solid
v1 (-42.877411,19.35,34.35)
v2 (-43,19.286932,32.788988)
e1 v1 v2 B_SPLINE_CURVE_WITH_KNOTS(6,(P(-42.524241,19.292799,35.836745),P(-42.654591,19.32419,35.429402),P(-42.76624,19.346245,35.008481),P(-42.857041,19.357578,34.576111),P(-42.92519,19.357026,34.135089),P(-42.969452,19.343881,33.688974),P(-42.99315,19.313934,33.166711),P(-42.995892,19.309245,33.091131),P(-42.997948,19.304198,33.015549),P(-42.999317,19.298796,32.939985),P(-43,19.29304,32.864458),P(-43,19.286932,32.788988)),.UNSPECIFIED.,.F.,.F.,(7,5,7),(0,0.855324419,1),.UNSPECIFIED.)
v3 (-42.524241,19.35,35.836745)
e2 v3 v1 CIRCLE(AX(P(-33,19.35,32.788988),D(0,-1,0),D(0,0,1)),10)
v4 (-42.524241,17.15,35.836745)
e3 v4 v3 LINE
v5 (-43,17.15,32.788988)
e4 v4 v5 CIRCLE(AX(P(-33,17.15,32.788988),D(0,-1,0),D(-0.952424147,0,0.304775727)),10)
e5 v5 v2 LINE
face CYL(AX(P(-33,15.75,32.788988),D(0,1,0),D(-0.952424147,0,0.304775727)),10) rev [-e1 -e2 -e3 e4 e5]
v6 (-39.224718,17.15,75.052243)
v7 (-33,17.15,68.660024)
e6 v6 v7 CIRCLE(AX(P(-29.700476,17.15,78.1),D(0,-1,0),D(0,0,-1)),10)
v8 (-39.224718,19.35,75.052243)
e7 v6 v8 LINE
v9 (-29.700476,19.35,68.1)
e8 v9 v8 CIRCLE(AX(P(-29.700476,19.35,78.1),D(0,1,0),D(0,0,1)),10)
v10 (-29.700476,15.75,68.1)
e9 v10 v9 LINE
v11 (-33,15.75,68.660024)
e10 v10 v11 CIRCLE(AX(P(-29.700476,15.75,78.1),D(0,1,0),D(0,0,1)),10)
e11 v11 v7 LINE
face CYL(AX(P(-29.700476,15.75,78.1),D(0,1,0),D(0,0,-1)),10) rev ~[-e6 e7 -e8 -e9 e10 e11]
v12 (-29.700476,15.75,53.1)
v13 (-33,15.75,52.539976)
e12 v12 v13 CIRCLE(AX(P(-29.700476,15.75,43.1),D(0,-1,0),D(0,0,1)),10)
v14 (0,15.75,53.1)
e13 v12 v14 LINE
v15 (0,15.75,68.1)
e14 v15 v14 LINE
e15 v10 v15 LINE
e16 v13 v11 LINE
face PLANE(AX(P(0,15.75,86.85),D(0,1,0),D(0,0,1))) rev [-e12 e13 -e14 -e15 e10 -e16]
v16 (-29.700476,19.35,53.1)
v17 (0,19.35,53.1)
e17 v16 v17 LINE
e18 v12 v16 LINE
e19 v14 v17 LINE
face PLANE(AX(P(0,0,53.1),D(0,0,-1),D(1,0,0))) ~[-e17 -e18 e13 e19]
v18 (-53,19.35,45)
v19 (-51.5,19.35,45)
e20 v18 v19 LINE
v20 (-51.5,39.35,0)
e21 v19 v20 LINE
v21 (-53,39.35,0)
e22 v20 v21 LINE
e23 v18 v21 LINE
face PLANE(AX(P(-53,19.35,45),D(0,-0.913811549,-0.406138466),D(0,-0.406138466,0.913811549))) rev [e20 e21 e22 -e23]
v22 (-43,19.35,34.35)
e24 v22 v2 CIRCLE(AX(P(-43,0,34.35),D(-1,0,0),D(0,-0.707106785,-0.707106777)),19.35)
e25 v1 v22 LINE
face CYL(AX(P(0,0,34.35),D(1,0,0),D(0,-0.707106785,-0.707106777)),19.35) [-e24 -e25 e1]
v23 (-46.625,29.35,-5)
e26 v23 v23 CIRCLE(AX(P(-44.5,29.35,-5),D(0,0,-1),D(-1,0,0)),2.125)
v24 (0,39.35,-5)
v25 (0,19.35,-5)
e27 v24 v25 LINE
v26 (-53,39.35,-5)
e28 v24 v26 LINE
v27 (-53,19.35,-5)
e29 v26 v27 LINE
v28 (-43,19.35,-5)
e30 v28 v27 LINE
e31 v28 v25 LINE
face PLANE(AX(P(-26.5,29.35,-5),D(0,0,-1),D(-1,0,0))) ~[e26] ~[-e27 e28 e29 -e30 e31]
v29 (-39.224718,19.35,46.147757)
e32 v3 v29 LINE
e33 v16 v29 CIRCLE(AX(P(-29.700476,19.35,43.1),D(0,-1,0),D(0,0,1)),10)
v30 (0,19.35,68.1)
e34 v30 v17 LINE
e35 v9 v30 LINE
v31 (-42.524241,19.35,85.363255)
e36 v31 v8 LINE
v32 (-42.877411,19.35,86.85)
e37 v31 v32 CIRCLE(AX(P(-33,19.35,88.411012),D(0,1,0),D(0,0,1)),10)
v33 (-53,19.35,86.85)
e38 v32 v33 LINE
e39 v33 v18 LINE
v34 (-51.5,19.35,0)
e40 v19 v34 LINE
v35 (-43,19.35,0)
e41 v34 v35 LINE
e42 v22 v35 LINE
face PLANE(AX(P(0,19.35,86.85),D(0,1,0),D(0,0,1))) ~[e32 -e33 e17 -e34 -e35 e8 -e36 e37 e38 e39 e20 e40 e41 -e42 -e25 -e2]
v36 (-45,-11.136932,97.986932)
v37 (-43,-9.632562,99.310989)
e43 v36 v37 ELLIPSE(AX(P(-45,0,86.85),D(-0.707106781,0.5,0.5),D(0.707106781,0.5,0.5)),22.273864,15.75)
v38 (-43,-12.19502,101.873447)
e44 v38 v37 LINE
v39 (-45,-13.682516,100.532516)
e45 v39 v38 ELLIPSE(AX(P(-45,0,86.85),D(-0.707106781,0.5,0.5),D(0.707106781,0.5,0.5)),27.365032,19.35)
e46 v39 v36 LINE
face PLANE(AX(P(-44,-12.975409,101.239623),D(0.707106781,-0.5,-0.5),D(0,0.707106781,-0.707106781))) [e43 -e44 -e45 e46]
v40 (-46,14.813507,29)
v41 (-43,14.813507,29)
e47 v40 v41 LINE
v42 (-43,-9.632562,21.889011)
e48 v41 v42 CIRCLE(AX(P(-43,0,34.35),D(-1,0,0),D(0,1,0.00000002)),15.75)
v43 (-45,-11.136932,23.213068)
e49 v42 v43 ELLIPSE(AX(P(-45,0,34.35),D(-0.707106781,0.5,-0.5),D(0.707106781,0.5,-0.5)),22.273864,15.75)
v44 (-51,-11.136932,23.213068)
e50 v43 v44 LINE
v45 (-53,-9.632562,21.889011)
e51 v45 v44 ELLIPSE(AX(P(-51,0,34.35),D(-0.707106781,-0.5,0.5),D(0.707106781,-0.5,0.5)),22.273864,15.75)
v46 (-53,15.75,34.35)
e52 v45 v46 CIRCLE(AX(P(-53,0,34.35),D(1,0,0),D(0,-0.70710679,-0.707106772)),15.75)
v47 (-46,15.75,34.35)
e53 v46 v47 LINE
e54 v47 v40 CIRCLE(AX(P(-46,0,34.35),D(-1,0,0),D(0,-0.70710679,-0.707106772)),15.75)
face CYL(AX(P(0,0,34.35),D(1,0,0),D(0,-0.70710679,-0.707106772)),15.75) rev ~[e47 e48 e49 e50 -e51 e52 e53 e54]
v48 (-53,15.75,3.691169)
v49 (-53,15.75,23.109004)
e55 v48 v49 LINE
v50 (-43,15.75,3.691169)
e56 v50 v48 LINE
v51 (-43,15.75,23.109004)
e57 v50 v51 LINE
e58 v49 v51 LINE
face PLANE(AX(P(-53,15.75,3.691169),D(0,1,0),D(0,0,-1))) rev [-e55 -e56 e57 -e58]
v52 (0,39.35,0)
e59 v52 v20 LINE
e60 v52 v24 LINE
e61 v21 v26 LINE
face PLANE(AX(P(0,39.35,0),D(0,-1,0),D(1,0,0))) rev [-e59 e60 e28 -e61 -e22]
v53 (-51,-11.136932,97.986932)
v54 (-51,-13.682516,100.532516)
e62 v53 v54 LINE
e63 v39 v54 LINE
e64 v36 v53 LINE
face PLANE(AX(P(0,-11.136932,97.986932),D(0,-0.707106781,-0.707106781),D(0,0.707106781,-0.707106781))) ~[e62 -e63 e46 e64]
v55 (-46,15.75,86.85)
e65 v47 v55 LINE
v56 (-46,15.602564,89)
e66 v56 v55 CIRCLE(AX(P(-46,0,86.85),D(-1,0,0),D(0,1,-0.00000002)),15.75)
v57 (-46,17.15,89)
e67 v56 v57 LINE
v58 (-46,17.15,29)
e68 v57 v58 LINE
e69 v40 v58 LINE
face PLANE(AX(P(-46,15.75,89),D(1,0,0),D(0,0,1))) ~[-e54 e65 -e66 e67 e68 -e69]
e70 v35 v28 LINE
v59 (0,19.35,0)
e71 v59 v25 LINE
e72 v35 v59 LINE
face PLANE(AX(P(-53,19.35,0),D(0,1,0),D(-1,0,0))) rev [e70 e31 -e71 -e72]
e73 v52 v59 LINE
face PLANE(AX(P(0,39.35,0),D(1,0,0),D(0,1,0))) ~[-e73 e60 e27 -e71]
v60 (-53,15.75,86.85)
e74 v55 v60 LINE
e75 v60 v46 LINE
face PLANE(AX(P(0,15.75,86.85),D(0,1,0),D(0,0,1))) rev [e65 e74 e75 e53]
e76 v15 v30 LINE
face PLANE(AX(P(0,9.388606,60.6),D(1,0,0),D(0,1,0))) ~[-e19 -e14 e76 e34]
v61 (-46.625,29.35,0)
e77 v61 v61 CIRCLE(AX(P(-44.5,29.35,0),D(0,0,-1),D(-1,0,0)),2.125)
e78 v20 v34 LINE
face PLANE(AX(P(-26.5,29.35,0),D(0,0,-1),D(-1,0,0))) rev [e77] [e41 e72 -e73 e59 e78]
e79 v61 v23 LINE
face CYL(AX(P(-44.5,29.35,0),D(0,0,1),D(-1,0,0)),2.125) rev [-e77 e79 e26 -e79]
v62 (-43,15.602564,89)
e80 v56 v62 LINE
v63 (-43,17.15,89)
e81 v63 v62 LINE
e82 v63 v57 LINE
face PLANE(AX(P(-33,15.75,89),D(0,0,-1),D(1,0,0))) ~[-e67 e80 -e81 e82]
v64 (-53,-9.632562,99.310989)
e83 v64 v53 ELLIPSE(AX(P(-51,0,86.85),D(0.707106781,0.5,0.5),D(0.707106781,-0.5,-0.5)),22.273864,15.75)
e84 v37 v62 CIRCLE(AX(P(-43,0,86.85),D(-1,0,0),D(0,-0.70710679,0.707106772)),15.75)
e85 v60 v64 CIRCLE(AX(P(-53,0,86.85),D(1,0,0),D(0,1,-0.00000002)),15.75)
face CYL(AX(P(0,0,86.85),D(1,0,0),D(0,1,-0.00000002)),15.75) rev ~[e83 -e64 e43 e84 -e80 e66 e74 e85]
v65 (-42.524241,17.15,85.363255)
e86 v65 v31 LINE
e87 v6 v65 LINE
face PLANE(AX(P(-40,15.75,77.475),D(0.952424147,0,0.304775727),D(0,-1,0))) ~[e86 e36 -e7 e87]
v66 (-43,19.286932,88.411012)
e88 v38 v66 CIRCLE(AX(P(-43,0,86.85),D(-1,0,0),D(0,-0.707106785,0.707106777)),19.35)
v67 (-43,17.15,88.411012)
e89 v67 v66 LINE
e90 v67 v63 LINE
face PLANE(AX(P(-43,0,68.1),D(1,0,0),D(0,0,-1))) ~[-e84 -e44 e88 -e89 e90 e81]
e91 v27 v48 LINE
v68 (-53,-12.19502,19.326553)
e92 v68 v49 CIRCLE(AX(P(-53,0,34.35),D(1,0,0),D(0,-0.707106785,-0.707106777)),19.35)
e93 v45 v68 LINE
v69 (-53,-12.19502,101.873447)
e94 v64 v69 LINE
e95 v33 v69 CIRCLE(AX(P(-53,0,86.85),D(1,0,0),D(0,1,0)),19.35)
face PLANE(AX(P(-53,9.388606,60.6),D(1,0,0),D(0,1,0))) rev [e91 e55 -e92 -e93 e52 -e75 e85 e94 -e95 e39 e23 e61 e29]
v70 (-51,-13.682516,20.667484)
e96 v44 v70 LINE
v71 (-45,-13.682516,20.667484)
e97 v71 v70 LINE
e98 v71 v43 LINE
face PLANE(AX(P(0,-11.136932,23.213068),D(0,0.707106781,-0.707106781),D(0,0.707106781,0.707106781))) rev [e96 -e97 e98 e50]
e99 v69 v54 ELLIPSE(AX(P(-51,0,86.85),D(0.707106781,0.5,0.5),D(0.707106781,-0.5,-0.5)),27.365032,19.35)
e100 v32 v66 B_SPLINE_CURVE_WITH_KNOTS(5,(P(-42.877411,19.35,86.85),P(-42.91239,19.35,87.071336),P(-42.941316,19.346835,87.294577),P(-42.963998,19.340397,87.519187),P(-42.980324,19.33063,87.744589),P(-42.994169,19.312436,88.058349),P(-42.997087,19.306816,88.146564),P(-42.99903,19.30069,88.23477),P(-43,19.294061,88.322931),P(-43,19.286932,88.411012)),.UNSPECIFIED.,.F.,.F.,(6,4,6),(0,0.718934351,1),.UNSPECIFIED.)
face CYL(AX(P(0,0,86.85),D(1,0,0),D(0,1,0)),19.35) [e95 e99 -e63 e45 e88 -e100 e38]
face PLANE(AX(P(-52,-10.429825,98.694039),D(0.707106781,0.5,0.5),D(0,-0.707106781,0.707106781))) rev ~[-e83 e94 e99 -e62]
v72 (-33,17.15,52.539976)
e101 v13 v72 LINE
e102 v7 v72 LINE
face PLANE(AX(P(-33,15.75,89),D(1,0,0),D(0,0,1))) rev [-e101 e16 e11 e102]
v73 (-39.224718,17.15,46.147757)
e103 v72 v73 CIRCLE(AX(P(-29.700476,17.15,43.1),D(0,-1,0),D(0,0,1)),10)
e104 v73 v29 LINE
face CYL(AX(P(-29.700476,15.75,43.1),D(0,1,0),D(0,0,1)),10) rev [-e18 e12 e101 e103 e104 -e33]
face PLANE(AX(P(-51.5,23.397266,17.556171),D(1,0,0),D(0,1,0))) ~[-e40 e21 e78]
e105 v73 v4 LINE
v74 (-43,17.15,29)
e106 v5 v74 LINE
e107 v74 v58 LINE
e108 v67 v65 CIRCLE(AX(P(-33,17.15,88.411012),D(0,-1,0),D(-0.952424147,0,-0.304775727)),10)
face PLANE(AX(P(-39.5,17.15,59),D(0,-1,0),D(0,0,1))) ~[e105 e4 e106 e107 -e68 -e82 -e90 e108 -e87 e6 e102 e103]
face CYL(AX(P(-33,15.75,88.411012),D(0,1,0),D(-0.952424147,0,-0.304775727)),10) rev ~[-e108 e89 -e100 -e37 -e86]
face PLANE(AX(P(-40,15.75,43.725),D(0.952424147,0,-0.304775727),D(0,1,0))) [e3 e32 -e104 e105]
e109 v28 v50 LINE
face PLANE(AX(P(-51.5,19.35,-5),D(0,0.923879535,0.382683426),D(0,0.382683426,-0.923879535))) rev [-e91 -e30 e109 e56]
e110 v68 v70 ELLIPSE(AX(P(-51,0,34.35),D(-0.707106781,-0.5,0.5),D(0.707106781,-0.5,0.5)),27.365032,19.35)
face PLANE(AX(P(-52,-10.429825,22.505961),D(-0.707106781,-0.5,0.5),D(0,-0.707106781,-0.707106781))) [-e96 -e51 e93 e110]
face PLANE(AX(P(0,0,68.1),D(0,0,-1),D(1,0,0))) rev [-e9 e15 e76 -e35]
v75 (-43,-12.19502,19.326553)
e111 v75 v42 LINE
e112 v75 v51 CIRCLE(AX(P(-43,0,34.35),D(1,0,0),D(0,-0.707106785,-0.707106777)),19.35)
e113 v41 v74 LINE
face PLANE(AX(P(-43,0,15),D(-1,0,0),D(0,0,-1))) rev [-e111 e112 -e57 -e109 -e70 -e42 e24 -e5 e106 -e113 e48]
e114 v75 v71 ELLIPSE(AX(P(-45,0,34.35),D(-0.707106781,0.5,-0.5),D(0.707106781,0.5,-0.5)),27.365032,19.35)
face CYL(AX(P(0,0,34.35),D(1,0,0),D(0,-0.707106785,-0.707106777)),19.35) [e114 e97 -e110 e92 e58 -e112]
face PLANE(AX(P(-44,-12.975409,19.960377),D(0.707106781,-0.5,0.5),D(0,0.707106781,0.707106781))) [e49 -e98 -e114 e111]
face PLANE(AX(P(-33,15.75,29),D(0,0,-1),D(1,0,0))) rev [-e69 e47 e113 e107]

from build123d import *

# Parameters (mm, degrees)
SKETCH004_R       = 2.125
PAD001_DEPTH      = 5
PAD002_DEPTH      = 1.5
PAD003_DEPTH      = 8.5
PAD_DEPTH         = 53
SKETCH001_W       = 43
SKETCH001_H       = 38.1
POCKET_DEPTH      = 19.351
POCKET_DEPTH_BACK = 13.683516
CHAMFER_1_SIZE2   = 6
CHAMFER_1_SIZE    = 18.75
CHAMFER_2_SIZE2   = 6
CHAMFER_2_SIZE    = 18.75
FILLET_R          = 10
SKETCH002_W       = 60
SKETCH002_H       = 13
POCKET001_DEPTH   = 1.4
CHAMFER001_SIZE   = 2


with BuildPart() as body001:
    # Sketch004 → Pad001 (new body)
    with BuildSketch(Plane.XY):
        Polygon((0, 0), (0, 10), (53, 10), (53, -10), (0, -10), align=None)
        with Locations((44.5, 0)):
            Circle(SKETCH004_R, mode=Mode.SUBTRACT)
    extrude(amount=-PAD001_DEPTH)

    # Sketch005 (on Face3 of Pad001) → Pad002 (join)
    with BuildSketch(Plane.YZ.offset(53)):
        Polygon((-10, 45), (10, 0), (-10, 0), (-10, -5), (-13.6, 3.691169), (-13.6, 45), align=None)
    extrude(amount=-PAD002_DEPTH)

    # Sketch006 (on Face9 of Pad002) → Pad003 (join)
    with BuildSketch(Plane(origin=(51.5, 0, 0), x_dir=(0, -1, 0), z_dir=(-1, 0, 0))):
        Polygon((10, 35), (10, -5), (13.6, 3.691169), (13.6, 29), (11, 29), (11, 35), align=None)
    extrude(amount=PAD003_DEPTH)


with BuildPart() as body001_1:
    # Body001 placement: moved
    add(body001.part.moved(Location((0, 29.35, 0))))


with BuildPart() as body002:
    # Sketch → Pad (new body)
    with BuildSketch(Plane.YZ):
        with BuildLine():
            ThreePointArc((15.75, 71.85), (6.027264, 86.401103), (-11.136932, 82.986932))
            Line((-11.136932, 82.986932), (-13.682516, 85.532516))
            ThreePointArc((19.35, 71.85), (7.404924, 89.727069), (-13.682516, 85.532516))
            Line((19.35, 71.85), (19.35, 19.35))
            ThreePointArc((-13.682516, 5.667484), (7.404924, 1.472931), (19.35, 19.35))
            Line((-11.136932, 8.213068), (-13.682516, 5.667484))
            ThreePointArc((-11.136932, 8.213068), (6.027264, 4.798897), (15.75, 19.35))
            Line((15.75, 71.85), (15.75, 19.35))
        make_face()
    extrude(amount=PAD_DEPTH)

    # Sketch001 → Pocket (cut, two sides)
    with BuildSketch(Plane.XZ) as pocket_sk:
        with Locations((21.5, 19.05)):
            Rectangle(SKETCH001_W, SKETCH001_H)
        with Locations((21.5, 72.15)):
            Rectangle(SKETCH001_W, SKETCH001_H)
    extrude(amount=-POCKET_DEPTH, mode=Mode.SUBTRACT)
    extrude(pocket_sk.sketch, amount=POCKET_DEPTH_BACK, mode=Mode.SUBTRACT)

    # Chamfer 1
    chamfer_1_edges = [body002.edges().sort_by_distance(p)[0] for p in [
        (43, 17.55, 53.1),
    ]]
    chamfer_1_side = body002.faces().sort_by_distance((43, 16.254258, 62.475))[0]
    chamfer(chamfer_1_edges, length=CHAMFER_1_SIZE, length2=CHAMFER_1_SIZE2, reference=chamfer_1_side)

    # Chamfer 2
    chamfer_2_edges = [body002.edges().sort_by_distance(p)[0] for p in [
        (43, 17.55, 38.1),
    ]]
    chamfer_2_side = body002.faces().sort_by_distance((43, -7.211953, 1.938804))[0]
    chamfer(chamfer_2_edges, length=CHAMFER_2_SIZE, length2=CHAMFER_2_SIZE2, reference=chamfer_2_side)

    # Fillet
    fillet_edges = [body002.edges().sort_by_distance(p)[0] for p in [
        (37, 17.55, 38.1),
        (43, 17.55, 19.35),
        (37, 17.55, 53.1),
        (43, 17.55, 71.85),
    ]]
    fillet(fillet_edges, radius=FILLET_R)

    # Sketch002 → Pocket001 (cut, symmetric)
    with BuildSketch(Plane(origin=(0, 15.75, 0), x_dir=(0, 0, -1), z_dir=(0, -1, 0))):
        with Locations((-44, 39.5)):
            Rectangle(SKETCH002_W, SKETCH002_H)
    extrude(amount=POCKET001_DEPTH, both=True, mode=Mode.SUBTRACT)

    # Chamfer001
    chamfer001_edges = [body002.edges().sort_by_distance(p)[0] for p in [
        (43, -12.409724, 6.940276),
        (53, -12.409724, 6.940276),
        (43, -12.409724, 84.259724),
        (53, -12.409724, 84.259724),
    ]]
    chamfer(chamfer001_edges, length=CHAMFER001_SIZE)


with BuildPart() as body002_1:
    # Body placement: moved
    add(body002.part.moved(Location((0, 0, 15))))

    # Connect: union Body001
    add(body001_1.part)


with BuildPart() as part_mirroring:
    # Part__Mirroring: instance of Body002
    add(body002_1.part.mirror(Plane(origin=(0, 0, 0), x_dir=(0, -1, 0), z_dir=(1, 0, 0))))


solid = part_mirroring.part
